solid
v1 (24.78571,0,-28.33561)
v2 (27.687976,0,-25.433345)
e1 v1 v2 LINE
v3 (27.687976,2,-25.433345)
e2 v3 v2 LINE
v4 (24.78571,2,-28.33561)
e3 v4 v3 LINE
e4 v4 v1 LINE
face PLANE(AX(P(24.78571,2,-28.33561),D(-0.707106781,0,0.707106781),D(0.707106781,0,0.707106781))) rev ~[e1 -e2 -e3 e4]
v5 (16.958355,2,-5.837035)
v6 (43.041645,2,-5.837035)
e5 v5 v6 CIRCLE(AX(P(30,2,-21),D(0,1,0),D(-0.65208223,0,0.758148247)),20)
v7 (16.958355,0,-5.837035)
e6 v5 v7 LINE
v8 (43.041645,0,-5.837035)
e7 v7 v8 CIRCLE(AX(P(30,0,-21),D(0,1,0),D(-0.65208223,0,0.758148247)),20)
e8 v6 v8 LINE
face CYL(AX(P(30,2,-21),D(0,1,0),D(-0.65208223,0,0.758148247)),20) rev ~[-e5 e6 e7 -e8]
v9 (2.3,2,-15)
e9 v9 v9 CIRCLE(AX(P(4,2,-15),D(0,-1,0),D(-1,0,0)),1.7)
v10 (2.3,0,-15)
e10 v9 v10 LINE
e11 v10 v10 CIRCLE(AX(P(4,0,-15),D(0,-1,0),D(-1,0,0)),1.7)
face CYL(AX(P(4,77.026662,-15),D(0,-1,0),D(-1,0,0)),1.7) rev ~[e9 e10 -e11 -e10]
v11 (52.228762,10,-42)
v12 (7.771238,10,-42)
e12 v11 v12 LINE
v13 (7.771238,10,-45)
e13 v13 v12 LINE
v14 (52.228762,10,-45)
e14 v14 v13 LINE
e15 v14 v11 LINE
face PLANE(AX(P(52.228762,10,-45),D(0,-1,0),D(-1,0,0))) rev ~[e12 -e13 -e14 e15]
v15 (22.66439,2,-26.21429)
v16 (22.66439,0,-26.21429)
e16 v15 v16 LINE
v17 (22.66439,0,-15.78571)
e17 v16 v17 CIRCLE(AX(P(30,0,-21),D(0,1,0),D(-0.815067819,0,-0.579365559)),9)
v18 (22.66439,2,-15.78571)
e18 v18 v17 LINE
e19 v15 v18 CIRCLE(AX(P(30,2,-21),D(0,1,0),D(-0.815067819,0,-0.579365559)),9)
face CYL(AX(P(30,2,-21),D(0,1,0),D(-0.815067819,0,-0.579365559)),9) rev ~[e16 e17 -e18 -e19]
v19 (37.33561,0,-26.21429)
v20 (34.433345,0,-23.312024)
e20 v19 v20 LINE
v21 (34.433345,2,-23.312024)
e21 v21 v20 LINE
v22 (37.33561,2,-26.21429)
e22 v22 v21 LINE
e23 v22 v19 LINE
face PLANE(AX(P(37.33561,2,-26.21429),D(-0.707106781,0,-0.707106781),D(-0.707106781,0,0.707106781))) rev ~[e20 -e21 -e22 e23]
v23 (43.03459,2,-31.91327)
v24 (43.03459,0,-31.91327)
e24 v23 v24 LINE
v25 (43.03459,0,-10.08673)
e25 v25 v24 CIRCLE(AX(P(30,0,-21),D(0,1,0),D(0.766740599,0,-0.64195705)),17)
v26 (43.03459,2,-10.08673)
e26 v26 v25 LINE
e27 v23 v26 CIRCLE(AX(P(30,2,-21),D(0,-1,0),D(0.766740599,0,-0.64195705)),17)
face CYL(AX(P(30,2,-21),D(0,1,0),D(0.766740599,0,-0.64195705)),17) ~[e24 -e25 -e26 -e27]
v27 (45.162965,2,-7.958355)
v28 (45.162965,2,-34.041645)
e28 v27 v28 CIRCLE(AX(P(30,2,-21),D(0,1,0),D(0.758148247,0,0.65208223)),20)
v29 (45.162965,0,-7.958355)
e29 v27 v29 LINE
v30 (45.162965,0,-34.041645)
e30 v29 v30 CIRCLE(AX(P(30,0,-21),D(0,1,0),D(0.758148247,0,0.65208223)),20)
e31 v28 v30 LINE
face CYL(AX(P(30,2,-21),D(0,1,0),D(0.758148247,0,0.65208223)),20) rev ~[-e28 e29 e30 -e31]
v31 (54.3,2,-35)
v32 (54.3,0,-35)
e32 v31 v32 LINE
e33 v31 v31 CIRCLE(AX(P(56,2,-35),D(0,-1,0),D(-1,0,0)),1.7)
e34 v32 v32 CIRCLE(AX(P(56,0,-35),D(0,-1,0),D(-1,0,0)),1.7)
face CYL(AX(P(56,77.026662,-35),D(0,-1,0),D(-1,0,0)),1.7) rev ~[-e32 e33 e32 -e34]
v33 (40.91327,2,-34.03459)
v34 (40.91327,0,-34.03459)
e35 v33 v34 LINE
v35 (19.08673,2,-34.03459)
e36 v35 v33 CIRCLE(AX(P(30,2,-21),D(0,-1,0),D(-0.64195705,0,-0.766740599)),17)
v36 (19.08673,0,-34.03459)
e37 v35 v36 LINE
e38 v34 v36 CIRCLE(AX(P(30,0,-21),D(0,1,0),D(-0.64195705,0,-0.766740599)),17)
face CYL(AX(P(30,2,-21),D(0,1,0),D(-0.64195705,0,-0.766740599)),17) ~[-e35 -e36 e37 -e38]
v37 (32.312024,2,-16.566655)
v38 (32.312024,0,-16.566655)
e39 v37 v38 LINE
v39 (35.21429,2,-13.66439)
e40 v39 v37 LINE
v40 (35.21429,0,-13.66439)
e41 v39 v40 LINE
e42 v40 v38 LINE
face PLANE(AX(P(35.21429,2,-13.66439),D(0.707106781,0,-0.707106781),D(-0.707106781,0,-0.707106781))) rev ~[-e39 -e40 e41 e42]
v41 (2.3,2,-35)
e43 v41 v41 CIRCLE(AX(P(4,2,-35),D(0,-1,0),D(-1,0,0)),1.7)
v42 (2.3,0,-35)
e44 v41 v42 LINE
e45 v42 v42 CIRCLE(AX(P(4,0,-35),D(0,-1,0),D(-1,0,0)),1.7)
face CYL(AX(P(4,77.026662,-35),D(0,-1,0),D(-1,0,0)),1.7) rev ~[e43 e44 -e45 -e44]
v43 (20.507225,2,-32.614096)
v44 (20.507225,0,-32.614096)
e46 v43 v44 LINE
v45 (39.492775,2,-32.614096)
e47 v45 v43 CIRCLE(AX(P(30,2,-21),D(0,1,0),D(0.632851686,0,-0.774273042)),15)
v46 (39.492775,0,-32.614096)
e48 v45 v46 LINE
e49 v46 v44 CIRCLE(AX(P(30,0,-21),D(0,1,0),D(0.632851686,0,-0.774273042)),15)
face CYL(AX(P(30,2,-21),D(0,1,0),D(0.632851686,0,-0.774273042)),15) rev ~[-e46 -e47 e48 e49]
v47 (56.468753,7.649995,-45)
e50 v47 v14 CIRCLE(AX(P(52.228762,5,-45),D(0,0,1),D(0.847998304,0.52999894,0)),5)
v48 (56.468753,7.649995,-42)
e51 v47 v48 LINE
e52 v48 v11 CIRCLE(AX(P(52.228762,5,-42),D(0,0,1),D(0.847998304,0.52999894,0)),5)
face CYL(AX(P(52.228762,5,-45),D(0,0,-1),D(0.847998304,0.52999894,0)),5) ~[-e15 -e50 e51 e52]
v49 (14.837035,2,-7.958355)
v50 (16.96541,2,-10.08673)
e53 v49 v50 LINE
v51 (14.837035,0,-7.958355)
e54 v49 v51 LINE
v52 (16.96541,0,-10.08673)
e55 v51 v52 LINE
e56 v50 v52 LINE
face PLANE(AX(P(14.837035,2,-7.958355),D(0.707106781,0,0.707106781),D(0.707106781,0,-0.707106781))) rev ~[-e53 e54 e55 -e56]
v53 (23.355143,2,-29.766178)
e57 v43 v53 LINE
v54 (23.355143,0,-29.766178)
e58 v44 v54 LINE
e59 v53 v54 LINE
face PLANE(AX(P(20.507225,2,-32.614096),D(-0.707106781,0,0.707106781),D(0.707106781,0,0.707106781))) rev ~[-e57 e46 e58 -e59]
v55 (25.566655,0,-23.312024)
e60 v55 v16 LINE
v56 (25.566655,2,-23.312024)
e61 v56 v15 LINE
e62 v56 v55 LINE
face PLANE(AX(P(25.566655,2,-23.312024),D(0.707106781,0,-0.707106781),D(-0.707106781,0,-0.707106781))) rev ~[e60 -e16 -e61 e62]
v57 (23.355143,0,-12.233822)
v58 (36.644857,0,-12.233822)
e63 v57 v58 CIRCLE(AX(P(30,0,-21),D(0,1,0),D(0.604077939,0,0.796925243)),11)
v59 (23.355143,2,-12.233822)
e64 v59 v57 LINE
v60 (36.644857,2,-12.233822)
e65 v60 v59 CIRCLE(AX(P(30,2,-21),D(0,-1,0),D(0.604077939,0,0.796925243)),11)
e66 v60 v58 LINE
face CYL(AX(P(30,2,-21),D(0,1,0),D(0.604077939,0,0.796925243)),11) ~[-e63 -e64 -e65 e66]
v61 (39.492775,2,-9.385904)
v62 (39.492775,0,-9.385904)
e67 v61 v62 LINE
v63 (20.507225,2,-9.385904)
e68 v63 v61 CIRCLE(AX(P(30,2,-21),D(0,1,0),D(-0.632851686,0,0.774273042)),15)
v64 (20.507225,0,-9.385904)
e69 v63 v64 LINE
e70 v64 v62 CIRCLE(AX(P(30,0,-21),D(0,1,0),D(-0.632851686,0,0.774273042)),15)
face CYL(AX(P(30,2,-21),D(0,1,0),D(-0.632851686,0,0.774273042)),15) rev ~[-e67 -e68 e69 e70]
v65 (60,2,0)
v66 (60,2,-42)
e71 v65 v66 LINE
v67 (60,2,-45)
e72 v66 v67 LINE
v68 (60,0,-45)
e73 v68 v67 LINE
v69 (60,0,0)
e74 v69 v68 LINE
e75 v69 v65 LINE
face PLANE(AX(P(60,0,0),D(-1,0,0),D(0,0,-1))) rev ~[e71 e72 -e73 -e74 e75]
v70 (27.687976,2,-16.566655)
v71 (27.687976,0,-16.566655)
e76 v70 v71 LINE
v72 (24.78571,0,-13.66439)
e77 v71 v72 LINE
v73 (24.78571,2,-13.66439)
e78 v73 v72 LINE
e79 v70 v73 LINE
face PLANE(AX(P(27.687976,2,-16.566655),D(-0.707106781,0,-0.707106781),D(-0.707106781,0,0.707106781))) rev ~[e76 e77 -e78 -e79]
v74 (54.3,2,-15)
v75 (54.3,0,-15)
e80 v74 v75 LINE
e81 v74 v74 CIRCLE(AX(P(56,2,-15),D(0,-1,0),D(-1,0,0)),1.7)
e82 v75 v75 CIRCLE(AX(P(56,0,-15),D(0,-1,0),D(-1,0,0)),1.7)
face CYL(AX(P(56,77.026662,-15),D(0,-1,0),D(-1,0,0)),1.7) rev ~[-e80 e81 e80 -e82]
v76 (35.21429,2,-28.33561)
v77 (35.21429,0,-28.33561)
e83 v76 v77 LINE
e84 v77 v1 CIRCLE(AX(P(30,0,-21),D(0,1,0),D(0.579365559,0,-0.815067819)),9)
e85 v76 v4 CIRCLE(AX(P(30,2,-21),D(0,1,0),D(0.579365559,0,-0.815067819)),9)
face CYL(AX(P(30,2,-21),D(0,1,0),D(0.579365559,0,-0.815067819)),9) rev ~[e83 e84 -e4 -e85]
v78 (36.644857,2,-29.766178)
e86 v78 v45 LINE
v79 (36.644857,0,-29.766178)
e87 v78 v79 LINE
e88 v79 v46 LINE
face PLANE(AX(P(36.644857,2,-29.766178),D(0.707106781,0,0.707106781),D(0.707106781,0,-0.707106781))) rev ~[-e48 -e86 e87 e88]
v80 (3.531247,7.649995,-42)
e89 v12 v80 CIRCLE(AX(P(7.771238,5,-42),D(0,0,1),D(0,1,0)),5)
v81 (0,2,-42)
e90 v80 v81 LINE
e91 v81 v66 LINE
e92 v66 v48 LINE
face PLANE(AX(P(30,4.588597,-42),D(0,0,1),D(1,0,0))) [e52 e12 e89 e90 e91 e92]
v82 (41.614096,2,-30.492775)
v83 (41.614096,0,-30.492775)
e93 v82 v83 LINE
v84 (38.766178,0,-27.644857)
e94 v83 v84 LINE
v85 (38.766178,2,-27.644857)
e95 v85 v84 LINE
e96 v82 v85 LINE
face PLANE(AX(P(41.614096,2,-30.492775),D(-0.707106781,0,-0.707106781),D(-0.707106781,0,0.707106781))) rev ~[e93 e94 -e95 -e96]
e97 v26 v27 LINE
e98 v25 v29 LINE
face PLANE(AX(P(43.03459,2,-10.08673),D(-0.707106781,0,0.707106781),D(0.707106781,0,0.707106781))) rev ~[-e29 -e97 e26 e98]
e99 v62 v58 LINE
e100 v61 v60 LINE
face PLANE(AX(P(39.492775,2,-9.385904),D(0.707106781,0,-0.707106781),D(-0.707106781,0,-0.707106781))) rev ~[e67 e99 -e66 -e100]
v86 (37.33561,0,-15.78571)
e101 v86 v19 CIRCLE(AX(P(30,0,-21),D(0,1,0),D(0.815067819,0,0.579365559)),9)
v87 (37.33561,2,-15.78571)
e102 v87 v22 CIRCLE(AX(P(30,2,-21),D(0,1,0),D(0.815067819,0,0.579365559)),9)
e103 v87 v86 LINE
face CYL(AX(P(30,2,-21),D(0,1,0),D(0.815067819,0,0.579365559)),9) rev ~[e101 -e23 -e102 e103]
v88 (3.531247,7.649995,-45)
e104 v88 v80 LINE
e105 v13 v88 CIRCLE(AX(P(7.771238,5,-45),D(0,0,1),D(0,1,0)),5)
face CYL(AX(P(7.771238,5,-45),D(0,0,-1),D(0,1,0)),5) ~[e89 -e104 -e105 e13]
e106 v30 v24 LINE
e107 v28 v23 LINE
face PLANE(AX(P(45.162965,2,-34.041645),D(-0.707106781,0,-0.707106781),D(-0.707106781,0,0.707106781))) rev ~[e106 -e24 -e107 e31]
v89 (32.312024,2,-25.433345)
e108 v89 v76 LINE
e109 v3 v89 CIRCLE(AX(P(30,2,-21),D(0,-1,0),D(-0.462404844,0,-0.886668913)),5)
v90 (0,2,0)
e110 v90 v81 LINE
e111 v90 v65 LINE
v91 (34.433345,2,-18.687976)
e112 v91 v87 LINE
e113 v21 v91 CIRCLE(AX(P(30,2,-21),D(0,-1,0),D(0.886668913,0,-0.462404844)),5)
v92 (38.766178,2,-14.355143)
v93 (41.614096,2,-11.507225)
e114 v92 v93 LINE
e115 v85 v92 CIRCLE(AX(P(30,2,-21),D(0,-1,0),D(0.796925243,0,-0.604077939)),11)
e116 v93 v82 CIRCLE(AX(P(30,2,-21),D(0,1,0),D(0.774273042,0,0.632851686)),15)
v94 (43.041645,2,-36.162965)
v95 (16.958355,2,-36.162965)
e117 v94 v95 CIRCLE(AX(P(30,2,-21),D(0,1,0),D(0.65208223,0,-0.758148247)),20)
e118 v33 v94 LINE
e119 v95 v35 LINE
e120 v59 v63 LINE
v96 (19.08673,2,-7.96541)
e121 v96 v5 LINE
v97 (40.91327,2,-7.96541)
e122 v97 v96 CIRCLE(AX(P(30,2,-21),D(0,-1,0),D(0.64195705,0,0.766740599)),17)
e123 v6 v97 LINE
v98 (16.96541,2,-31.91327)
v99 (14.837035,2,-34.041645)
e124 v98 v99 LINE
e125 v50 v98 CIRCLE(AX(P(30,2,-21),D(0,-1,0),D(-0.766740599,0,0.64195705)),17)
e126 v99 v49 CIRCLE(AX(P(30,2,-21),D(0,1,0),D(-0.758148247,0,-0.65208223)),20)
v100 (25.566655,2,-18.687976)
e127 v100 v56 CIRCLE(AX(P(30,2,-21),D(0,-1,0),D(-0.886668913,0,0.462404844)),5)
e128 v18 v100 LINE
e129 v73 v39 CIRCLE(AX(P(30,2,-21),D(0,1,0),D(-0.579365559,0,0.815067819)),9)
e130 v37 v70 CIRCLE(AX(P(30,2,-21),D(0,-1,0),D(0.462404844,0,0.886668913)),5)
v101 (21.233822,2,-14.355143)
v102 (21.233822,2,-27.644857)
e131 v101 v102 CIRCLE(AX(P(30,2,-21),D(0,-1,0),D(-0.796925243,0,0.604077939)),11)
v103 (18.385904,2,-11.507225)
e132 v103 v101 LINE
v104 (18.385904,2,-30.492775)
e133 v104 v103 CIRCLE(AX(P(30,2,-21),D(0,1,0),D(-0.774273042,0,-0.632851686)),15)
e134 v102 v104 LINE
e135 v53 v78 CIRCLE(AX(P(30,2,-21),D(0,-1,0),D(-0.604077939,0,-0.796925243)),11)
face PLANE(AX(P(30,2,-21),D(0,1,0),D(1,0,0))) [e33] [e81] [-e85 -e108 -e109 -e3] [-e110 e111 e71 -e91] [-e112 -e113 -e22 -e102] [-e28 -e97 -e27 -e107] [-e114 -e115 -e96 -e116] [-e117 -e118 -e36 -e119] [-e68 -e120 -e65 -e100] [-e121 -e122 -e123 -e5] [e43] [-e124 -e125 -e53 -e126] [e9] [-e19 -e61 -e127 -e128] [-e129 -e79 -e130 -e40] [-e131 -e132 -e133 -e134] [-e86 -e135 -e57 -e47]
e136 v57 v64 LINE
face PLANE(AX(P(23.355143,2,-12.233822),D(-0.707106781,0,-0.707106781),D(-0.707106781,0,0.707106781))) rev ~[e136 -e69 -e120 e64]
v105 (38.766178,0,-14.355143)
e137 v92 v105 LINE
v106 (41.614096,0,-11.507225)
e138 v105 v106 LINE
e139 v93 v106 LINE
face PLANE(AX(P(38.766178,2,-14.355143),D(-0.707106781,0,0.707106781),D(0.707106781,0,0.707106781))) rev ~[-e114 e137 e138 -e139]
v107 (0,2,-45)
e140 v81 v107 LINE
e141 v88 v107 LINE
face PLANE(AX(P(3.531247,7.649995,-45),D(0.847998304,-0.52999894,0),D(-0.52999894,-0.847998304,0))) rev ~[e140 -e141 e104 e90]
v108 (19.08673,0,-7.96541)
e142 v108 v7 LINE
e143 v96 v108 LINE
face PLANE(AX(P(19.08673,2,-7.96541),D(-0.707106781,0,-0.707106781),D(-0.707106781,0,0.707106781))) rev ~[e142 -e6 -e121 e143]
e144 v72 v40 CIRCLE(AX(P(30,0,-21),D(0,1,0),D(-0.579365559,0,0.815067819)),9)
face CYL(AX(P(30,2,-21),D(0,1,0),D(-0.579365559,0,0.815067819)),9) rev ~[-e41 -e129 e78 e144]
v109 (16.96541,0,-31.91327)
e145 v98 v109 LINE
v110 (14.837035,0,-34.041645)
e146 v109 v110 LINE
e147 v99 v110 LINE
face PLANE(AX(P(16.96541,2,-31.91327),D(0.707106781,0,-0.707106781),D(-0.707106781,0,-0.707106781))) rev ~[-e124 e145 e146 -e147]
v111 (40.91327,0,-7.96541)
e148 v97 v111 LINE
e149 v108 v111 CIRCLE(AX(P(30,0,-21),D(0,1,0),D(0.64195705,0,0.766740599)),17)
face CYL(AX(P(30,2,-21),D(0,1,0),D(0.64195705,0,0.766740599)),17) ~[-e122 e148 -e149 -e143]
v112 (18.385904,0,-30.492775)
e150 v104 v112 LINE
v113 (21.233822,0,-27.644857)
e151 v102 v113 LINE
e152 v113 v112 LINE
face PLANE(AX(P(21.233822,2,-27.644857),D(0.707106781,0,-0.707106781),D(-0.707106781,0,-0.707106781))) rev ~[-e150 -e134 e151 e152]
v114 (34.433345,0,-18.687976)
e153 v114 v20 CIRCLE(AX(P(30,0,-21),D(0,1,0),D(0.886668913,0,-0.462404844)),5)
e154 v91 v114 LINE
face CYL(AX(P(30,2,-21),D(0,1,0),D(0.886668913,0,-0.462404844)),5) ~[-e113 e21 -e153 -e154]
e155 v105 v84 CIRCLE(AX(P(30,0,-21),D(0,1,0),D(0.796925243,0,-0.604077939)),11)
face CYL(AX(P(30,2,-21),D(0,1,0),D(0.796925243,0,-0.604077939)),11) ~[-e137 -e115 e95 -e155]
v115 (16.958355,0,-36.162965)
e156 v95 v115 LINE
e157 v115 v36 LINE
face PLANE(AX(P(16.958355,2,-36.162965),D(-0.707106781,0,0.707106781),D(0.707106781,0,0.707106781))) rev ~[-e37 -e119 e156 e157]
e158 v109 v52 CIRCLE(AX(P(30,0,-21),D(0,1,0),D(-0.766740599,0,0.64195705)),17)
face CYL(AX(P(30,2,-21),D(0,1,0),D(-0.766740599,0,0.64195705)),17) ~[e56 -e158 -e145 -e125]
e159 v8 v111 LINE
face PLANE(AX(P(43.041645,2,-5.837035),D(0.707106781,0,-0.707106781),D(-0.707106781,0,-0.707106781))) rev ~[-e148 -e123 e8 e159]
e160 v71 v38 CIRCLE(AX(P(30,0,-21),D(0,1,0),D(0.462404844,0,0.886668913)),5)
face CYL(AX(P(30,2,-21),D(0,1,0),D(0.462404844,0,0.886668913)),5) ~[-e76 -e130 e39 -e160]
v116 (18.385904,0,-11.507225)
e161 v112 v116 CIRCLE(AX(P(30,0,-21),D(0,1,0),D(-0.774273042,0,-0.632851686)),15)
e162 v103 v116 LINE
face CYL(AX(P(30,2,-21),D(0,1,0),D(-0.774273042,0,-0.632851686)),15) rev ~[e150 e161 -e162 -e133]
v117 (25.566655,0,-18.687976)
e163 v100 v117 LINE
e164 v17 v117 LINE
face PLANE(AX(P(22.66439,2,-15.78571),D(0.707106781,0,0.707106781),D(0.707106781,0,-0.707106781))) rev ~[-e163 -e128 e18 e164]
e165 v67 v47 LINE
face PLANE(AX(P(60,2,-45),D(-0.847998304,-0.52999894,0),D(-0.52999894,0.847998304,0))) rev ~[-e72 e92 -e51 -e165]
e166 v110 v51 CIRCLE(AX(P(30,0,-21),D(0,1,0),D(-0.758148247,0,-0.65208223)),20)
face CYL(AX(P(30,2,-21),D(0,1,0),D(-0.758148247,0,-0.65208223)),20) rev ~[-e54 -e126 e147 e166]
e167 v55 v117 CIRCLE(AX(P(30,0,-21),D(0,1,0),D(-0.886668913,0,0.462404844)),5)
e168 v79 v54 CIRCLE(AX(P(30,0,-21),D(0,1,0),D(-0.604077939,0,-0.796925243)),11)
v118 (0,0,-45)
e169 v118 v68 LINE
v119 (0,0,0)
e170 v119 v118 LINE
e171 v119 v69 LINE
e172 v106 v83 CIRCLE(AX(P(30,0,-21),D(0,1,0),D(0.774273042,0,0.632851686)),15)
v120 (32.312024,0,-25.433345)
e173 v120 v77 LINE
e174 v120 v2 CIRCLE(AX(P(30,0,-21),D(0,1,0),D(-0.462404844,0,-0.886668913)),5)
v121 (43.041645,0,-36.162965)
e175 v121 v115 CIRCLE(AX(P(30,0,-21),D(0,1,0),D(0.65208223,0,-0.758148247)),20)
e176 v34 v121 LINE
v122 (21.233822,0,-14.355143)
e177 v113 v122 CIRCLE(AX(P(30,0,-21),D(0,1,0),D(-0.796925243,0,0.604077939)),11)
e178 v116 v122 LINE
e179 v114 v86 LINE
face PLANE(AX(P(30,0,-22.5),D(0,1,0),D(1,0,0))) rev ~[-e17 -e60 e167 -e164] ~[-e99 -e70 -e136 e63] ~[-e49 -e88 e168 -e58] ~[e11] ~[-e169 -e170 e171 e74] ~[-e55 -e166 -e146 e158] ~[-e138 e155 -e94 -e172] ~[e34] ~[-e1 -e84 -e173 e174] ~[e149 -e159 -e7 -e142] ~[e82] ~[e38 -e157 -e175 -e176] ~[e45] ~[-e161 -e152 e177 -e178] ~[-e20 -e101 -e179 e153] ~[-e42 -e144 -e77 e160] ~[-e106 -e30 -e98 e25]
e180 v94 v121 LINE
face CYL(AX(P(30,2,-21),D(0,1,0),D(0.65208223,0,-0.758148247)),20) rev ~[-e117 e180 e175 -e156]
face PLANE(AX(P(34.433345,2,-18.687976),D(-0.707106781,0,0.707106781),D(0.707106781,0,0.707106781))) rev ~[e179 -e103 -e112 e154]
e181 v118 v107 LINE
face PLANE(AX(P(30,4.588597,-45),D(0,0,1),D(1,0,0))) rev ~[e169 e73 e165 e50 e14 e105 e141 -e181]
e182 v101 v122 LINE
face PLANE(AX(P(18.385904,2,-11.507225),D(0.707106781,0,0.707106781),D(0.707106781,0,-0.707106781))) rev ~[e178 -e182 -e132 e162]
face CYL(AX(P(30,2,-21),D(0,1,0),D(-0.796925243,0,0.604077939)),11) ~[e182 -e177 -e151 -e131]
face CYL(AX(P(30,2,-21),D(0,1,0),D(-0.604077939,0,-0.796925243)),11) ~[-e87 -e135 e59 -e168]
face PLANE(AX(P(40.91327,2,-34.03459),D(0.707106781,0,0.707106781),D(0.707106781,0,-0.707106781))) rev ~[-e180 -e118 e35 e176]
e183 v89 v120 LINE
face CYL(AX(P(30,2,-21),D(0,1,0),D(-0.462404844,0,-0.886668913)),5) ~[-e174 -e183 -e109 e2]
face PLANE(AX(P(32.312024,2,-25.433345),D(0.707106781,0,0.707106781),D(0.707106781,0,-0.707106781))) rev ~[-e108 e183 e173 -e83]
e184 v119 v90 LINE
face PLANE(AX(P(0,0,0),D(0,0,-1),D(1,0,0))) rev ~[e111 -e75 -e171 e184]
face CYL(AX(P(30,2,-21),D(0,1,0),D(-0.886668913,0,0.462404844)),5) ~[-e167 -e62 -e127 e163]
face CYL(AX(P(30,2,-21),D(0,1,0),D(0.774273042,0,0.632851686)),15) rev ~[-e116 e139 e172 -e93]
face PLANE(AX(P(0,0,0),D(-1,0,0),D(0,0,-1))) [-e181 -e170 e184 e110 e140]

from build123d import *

# Parameters (mm, degrees)
SKETCH1_W                  = 60
SKETCH1_H                  = 45
BOSS_EXTRUDE1_DEPTH        = 2
F_3_4_3_4_DIAMETER_HOLE1_D = 3.4
SKETCH5_R                  = 2.5
AIR_HOLES_DEPTH            = 76.026661928
CIRPATTERN1_COUNT          = 4
SKETCH6_R                  = 2.5
BOSS_EXTRUDE3_DEPTH        = 2
BOSS_EXTRUDE5_DEPTH        = 3


with BuildPart() as part:
    # Sketch1 → Boss-Extrude1 (new body)
    with BuildSketch(Plane(origin=(0, 0, 0), x_dir=(1, 0, 0), z_dir=(0, 1, 0))):
        with Locations((30, 22.5)):
            Rectangle(SKETCH1_W, SKETCH1_H)
    extrude(amount=BOSS_EXTRUDE1_DEPTH)

    # Ø3.4 (3.4) Diameter Hole1 (through all)
    with Locations(Plane(origin=(0, 2, 0), x_dir=(1, 0, 0), z_dir=(0, 1, 0))):
        with Locations((4, 15), (4, 35), (56, 35), (56, 15)):
            Hole(F_3_4_3_4_DIAMETER_HOLE1_D / 2)

    # Sketch5 → Air holes (cut, through all)
    with BuildSketch(Plane(origin=(0, 2, 0), x_dir=(1, 0, 0), z_dir=(0, 1, 0))):
        with Locations(Location((30, 21, 0), (0, 0, 270))):
            Circle(SKETCH5_R)
        with BuildLine():
            Line((20.507224712, 32.614095631), (23.355142668, 29.766177675))
            ThreePointArc((23.355142668, 29.766177675), (30, 32), (36.644857332, 29.766177675))
            Line((36.644857332, 29.766177675), (39.492775288, 32.614095631))
            ThreePointArc((39.492775288, 32.614095631), (30, 36), (20.507224712, 32.614095631))
        make_face()
        with BuildLine():
            Line((24.785709973, 28.335610371), (27.687975781, 25.433344563))
            ThreePointArc((27.687975781, 25.433344563), (30, 26), (32.312024219, 25.433344563))
            Line((32.312024219, 25.433344563), (35.214290027, 28.335610371))
            ThreePointArc((35.214290027, 28.335610371), (30, 30), (24.785709973, 28.335610371))
        make_face()
        with BuildLine():
            Line((40.913269843, 34.034590187), (43.041644604, 36.162964948))
            ThreePointArc((43.041644604, 36.162964948), (30, 41), (16.958355396, 36.162964948))
            Line((16.958355396, 36.162964948), (19.086730157, 34.034590187))
            ThreePointArc((19.086730157, 34.034590187), (30, 38), (40.913269843, 34.034590187))
        make_face()
    air_holes = extrude(amount=-AIR_HOLES_DEPTH, mode=Mode.SUBTRACT)

    # CirPattern1: Air holes ×4 about axis
    cirpattern1_axis = Axis((30, 0, -21), (0, 1, 0))
    for i in range(1, CIRPATTERN1_COUNT):
        add(air_holes.rotate(cirpattern1_axis, i * 360 / CIRPATTERN1_COUNT), mode=Mode.SUBTRACT)

    # Sketch6 → Boss-Extrude3 (add)
    with BuildSketch(Plane(origin=(0, 2, 0), x_dir=(1, 0, 0), z_dir=(0, 1, 0))):
        with Locations((30, 21)):
            Circle(SKETCH6_R)
    extrude(amount=-BOSS_EXTRUDE3_DEPTH)

    # Sketch10 → Boss-Extrude5 (add)
    with BuildSketch(Plane(origin=(0, 0, -45), x_dir=(-1, 0, 0), z_dir=(0, 0, -1))):
        with BuildLine():
            Line((-60, 2), (-56.468753312, 7.6499947))
            ThreePointArc((-56.468753312, 7.6499947), (-54.652604454, 9.373212406), (-52.228761792, 10))
            Line((-52.228761792, 10), (-7.771238208, 10))
            ThreePointArc((-7.771238208, 10), (-5.347395546, 9.373212406), (-3.531246688, 7.6499947))
            Line((-3.531246688, 7.6499947), (0, 2))
            Line((0, 2), (0, 0))
            Line((0, 0), (-60, 0))
            Line((-60, 0), (-60, 2))
        make_face()
    extrude(amount=-BOSS_EXTRUDE5_DEPTH)


solid = part.part
